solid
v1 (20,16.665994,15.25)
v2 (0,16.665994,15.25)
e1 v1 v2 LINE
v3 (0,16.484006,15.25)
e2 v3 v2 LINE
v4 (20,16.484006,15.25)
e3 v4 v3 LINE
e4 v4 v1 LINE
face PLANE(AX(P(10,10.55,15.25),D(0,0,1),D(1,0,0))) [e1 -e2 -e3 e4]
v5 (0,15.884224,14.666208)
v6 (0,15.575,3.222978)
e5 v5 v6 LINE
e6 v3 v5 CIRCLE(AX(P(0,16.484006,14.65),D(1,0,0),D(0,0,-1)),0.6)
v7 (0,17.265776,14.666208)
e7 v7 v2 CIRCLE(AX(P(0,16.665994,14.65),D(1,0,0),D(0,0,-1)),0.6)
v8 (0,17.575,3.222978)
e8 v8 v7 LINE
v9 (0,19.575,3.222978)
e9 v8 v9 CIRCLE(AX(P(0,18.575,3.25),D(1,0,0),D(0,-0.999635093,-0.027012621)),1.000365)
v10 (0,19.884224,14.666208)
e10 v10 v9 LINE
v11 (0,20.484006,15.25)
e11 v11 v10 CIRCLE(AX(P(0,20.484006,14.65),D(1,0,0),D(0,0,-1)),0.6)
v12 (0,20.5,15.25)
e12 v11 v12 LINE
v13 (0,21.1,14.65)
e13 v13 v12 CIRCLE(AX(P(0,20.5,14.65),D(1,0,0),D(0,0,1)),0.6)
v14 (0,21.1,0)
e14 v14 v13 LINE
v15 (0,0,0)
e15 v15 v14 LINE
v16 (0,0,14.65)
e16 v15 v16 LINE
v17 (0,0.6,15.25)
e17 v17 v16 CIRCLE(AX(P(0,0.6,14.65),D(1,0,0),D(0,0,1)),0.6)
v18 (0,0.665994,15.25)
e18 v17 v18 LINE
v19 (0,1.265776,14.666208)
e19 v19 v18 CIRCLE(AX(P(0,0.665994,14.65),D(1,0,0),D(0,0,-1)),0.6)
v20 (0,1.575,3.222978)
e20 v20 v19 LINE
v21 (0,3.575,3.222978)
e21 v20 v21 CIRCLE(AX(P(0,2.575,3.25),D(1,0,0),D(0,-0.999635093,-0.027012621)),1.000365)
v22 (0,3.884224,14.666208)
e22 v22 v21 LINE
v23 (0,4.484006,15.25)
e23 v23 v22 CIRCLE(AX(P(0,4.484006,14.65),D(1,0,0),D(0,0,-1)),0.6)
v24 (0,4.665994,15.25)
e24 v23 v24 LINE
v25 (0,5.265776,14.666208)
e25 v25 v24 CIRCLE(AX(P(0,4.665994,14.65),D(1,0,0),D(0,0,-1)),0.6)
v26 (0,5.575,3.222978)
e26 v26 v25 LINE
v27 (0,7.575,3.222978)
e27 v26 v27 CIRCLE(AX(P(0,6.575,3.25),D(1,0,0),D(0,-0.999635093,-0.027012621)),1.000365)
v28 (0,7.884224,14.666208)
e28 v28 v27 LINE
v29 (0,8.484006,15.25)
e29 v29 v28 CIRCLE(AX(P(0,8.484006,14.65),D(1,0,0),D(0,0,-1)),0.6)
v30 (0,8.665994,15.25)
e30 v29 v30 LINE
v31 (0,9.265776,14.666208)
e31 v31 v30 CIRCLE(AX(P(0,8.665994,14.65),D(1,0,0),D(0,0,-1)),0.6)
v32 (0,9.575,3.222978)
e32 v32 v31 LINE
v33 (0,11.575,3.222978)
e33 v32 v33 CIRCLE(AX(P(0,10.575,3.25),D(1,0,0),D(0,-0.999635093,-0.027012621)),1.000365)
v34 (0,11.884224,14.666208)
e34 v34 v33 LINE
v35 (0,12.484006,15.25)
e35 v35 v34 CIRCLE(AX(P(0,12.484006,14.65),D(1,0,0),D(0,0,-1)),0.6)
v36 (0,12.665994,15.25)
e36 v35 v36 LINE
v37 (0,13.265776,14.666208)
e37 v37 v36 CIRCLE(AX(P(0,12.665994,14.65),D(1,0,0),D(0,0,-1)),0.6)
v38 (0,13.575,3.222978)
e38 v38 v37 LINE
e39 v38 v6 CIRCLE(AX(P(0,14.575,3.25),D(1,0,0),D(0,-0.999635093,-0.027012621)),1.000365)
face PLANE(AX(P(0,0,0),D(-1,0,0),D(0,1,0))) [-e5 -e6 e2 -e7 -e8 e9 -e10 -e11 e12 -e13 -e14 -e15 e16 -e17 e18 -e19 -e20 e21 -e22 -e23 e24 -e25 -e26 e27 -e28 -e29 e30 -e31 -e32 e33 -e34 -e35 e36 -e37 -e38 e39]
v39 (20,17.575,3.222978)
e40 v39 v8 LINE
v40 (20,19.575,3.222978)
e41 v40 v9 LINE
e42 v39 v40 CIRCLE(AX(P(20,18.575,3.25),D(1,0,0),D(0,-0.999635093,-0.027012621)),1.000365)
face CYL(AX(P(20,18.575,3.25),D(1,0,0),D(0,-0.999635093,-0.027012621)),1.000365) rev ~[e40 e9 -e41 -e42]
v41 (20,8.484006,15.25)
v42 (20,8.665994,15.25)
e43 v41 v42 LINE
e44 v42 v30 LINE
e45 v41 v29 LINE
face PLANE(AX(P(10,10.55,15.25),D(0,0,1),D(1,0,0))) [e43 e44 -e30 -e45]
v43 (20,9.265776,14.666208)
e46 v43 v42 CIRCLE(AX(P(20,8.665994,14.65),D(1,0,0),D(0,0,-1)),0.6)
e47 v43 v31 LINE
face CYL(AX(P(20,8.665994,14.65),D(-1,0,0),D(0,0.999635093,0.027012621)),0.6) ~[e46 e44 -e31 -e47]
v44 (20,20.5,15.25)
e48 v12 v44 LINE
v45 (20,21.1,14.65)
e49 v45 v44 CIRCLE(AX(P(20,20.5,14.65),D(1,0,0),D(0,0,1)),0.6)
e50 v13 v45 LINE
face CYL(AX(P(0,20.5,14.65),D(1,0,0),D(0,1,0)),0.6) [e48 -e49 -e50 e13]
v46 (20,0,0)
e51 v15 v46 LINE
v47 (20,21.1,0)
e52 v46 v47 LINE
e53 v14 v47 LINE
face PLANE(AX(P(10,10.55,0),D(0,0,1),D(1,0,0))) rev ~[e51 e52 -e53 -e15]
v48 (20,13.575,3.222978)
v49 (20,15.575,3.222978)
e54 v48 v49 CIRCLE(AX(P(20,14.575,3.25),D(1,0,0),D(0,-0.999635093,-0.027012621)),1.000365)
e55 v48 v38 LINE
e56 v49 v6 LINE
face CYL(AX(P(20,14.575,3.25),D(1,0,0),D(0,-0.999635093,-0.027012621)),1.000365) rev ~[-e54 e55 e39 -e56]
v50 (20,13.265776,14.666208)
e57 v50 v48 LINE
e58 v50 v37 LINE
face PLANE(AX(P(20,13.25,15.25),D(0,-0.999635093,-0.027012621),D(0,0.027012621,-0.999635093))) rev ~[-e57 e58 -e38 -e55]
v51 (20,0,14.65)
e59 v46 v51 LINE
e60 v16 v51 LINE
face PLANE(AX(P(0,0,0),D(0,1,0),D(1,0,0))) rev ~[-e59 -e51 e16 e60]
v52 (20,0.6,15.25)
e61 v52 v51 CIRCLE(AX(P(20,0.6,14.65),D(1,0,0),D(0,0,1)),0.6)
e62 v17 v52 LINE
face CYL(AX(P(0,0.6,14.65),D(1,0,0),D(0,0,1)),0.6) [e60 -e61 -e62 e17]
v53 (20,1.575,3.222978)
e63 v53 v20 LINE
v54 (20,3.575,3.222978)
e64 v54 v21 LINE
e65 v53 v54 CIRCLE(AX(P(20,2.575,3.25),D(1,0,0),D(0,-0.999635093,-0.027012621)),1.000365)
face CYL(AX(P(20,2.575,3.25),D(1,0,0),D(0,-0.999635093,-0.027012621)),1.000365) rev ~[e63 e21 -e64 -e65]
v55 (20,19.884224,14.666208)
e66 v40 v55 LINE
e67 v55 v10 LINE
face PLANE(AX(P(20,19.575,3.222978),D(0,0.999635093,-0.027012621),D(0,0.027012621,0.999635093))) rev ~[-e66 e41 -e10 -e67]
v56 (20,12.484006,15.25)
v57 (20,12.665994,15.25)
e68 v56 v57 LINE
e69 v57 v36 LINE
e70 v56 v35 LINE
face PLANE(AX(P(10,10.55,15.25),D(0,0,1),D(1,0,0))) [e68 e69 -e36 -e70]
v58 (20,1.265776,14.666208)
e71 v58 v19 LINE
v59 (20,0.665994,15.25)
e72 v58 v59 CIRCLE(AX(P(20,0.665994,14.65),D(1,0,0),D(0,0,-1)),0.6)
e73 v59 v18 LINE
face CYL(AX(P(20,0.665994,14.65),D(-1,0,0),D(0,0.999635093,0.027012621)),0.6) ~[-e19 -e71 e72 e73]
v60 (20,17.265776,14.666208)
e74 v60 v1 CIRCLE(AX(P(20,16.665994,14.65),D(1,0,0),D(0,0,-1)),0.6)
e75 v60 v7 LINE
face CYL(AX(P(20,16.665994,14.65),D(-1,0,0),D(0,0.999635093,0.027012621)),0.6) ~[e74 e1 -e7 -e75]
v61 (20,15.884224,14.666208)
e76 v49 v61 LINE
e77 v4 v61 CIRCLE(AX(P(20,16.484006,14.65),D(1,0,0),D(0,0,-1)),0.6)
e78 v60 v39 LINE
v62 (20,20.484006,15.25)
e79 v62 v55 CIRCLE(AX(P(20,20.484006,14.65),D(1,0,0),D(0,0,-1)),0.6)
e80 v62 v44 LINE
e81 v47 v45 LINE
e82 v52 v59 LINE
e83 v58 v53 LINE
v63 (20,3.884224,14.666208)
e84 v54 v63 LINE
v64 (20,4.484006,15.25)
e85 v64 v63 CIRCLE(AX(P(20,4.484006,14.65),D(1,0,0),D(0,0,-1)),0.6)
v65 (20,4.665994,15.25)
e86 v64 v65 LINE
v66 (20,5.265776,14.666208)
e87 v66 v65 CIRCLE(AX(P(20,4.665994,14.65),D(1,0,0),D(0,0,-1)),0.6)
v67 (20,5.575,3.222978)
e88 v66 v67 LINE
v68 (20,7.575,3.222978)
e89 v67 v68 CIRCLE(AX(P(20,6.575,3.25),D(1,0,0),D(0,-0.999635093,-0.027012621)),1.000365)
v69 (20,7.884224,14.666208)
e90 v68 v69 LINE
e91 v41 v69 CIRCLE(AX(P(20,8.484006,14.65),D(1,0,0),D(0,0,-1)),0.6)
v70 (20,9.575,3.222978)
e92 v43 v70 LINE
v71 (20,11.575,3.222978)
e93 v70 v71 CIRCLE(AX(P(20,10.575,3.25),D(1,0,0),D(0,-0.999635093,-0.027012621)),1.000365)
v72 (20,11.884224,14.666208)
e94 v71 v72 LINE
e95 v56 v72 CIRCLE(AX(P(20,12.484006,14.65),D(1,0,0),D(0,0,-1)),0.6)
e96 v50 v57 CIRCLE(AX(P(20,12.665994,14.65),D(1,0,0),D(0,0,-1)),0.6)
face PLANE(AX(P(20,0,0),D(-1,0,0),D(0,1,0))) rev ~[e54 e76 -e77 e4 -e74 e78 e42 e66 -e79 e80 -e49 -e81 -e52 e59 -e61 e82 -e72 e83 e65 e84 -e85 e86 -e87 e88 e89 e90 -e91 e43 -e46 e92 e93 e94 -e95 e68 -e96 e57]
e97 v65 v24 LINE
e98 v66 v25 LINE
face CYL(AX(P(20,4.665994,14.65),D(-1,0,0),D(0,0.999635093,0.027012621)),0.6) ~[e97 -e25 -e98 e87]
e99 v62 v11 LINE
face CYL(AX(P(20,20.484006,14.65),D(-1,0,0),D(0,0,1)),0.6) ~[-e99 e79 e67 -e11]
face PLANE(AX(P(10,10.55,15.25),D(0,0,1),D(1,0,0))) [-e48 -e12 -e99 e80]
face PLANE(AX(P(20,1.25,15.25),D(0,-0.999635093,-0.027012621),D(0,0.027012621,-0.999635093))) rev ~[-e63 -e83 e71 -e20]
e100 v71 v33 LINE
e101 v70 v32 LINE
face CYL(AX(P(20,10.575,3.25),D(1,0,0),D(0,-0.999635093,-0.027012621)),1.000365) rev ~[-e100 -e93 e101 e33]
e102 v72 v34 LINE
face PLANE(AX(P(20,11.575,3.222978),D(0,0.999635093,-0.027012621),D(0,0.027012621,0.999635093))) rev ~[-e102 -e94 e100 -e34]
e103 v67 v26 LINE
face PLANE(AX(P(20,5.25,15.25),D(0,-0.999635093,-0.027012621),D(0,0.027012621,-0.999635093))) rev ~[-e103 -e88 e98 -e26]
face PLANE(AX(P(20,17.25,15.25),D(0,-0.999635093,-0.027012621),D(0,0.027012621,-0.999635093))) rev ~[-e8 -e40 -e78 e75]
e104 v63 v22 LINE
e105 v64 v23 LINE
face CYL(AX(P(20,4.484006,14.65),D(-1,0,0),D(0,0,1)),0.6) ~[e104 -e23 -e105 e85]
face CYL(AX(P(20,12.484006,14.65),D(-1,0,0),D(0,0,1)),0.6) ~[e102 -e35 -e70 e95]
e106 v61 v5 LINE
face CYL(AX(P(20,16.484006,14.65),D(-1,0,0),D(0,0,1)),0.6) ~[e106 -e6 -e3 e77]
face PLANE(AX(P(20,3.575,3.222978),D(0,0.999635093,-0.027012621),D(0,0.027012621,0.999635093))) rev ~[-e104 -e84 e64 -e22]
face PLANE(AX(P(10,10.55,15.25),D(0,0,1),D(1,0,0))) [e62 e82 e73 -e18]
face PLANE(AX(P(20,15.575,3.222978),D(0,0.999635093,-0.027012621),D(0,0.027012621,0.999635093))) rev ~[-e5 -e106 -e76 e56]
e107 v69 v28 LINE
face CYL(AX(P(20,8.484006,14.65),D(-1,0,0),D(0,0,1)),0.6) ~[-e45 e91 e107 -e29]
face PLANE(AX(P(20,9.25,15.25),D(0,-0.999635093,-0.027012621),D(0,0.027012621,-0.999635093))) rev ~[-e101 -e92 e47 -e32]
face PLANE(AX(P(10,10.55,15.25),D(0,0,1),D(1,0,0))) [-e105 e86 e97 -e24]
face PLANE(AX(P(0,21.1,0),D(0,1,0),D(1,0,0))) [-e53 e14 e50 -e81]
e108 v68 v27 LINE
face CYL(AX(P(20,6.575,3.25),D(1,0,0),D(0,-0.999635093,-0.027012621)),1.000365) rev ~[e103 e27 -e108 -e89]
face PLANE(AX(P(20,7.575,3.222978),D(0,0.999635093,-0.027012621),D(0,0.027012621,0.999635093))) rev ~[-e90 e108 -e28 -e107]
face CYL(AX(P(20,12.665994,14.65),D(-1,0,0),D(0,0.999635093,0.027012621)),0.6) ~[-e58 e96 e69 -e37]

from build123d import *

# Parameters (mm, degrees)
F0_W     = 20
F0_H     = 21.1
F1_DEPTH = 15.25
F4_DEPTH = 20.001
F5_R     = 0.6


with BuildPart() as f1:
    # F0 (on Top) → F1 (new body)
    with BuildSketch(Plane.XY):
        with Locations((10, 10.55)):
            Rectangle(F0_W, F0_H)
    extrude(amount=F1_DEPTH)

    # F3 (on face) → F4 (cut, through all)
    with BuildSketch(Plane.YZ.offset(20)):
        with BuildLine():
            Line((3.9, 15.25), (1.25, 15.25))
            Line((1.25, 15.25), (1.575, 3.2229775179))
            ThreePointArc((1.575, 3.2229775179), (2.575, 2.2496349594), (3.575, 3.2229775179))
            Line((3.575, 3.2229775179), (3.9, 15.25))
        make_face()
        with BuildLine():
            Line((7.9, 15.25), (5.25, 15.25))
            Line((5.25, 15.25), (5.575, 3.2229775179))
            ThreePointArc((5.575, 3.2229775179), (6.575, 2.2496349594), (7.575, 3.2229775179))
            Line((7.575, 3.2229775179), (7.9, 15.25))
        make_face()
        with BuildLine():
            Line((11.9, 15.25), (9.25, 15.25))
            Line((9.25, 15.25), (9.575, 3.2229775179))
            ThreePointArc((9.575, 3.2229775179), (10.575, 2.2496349594), (11.575, 3.2229775179))
            Line((11.575, 3.2229775179), (11.9, 15.25))
        make_face()
        with BuildLine():
            Line((15.9, 15.25), (13.25, 15.25))
            Line((13.25, 15.25), (13.575, 3.2229775179))
            ThreePointArc((13.575, 3.2229775179), (14.575, 2.2496349594), (15.575, 3.2229775179))
            Line((15.575, 3.2229775179), (15.9, 15.25))
        make_face()
        with BuildLine():
            Line((19.575, 3.2229775179), (19.9, 15.25))
            Line((19.9, 15.25), (17.25, 15.25))
            Line((17.25, 15.25), (17.575, 3.2229775179))
            ThreePointArc((17.575, 3.2229775179), (18.575, 2.2496349594), (19.575, 3.2229775179))
        make_face()
    extrude(amount=-F4_DEPTH, mode=Mode.SUBTRACT)

    # F5
    f5_edges = [f1.edges().sort_by_distance(p)[0] for p in [
        (10, 0, 15.25),
        (10, 1.25, 15.25),
        (10, 3.9, 15.25),
        (10, 5.25, 15.25),
        (10, 7.9, 15.25),
        (10, 9.25, 15.25),
        (10, 11.9, 15.25),
        (10, 13.25, 15.25),
        (10, 15.9, 15.25),
        (10, 17.25, 15.25),
        (10, 19.9, 15.25),
        (10, 21.1, 15.25),
    ]]
    fillet(f5_edges, radius=F5_R)


solid = f1.part
